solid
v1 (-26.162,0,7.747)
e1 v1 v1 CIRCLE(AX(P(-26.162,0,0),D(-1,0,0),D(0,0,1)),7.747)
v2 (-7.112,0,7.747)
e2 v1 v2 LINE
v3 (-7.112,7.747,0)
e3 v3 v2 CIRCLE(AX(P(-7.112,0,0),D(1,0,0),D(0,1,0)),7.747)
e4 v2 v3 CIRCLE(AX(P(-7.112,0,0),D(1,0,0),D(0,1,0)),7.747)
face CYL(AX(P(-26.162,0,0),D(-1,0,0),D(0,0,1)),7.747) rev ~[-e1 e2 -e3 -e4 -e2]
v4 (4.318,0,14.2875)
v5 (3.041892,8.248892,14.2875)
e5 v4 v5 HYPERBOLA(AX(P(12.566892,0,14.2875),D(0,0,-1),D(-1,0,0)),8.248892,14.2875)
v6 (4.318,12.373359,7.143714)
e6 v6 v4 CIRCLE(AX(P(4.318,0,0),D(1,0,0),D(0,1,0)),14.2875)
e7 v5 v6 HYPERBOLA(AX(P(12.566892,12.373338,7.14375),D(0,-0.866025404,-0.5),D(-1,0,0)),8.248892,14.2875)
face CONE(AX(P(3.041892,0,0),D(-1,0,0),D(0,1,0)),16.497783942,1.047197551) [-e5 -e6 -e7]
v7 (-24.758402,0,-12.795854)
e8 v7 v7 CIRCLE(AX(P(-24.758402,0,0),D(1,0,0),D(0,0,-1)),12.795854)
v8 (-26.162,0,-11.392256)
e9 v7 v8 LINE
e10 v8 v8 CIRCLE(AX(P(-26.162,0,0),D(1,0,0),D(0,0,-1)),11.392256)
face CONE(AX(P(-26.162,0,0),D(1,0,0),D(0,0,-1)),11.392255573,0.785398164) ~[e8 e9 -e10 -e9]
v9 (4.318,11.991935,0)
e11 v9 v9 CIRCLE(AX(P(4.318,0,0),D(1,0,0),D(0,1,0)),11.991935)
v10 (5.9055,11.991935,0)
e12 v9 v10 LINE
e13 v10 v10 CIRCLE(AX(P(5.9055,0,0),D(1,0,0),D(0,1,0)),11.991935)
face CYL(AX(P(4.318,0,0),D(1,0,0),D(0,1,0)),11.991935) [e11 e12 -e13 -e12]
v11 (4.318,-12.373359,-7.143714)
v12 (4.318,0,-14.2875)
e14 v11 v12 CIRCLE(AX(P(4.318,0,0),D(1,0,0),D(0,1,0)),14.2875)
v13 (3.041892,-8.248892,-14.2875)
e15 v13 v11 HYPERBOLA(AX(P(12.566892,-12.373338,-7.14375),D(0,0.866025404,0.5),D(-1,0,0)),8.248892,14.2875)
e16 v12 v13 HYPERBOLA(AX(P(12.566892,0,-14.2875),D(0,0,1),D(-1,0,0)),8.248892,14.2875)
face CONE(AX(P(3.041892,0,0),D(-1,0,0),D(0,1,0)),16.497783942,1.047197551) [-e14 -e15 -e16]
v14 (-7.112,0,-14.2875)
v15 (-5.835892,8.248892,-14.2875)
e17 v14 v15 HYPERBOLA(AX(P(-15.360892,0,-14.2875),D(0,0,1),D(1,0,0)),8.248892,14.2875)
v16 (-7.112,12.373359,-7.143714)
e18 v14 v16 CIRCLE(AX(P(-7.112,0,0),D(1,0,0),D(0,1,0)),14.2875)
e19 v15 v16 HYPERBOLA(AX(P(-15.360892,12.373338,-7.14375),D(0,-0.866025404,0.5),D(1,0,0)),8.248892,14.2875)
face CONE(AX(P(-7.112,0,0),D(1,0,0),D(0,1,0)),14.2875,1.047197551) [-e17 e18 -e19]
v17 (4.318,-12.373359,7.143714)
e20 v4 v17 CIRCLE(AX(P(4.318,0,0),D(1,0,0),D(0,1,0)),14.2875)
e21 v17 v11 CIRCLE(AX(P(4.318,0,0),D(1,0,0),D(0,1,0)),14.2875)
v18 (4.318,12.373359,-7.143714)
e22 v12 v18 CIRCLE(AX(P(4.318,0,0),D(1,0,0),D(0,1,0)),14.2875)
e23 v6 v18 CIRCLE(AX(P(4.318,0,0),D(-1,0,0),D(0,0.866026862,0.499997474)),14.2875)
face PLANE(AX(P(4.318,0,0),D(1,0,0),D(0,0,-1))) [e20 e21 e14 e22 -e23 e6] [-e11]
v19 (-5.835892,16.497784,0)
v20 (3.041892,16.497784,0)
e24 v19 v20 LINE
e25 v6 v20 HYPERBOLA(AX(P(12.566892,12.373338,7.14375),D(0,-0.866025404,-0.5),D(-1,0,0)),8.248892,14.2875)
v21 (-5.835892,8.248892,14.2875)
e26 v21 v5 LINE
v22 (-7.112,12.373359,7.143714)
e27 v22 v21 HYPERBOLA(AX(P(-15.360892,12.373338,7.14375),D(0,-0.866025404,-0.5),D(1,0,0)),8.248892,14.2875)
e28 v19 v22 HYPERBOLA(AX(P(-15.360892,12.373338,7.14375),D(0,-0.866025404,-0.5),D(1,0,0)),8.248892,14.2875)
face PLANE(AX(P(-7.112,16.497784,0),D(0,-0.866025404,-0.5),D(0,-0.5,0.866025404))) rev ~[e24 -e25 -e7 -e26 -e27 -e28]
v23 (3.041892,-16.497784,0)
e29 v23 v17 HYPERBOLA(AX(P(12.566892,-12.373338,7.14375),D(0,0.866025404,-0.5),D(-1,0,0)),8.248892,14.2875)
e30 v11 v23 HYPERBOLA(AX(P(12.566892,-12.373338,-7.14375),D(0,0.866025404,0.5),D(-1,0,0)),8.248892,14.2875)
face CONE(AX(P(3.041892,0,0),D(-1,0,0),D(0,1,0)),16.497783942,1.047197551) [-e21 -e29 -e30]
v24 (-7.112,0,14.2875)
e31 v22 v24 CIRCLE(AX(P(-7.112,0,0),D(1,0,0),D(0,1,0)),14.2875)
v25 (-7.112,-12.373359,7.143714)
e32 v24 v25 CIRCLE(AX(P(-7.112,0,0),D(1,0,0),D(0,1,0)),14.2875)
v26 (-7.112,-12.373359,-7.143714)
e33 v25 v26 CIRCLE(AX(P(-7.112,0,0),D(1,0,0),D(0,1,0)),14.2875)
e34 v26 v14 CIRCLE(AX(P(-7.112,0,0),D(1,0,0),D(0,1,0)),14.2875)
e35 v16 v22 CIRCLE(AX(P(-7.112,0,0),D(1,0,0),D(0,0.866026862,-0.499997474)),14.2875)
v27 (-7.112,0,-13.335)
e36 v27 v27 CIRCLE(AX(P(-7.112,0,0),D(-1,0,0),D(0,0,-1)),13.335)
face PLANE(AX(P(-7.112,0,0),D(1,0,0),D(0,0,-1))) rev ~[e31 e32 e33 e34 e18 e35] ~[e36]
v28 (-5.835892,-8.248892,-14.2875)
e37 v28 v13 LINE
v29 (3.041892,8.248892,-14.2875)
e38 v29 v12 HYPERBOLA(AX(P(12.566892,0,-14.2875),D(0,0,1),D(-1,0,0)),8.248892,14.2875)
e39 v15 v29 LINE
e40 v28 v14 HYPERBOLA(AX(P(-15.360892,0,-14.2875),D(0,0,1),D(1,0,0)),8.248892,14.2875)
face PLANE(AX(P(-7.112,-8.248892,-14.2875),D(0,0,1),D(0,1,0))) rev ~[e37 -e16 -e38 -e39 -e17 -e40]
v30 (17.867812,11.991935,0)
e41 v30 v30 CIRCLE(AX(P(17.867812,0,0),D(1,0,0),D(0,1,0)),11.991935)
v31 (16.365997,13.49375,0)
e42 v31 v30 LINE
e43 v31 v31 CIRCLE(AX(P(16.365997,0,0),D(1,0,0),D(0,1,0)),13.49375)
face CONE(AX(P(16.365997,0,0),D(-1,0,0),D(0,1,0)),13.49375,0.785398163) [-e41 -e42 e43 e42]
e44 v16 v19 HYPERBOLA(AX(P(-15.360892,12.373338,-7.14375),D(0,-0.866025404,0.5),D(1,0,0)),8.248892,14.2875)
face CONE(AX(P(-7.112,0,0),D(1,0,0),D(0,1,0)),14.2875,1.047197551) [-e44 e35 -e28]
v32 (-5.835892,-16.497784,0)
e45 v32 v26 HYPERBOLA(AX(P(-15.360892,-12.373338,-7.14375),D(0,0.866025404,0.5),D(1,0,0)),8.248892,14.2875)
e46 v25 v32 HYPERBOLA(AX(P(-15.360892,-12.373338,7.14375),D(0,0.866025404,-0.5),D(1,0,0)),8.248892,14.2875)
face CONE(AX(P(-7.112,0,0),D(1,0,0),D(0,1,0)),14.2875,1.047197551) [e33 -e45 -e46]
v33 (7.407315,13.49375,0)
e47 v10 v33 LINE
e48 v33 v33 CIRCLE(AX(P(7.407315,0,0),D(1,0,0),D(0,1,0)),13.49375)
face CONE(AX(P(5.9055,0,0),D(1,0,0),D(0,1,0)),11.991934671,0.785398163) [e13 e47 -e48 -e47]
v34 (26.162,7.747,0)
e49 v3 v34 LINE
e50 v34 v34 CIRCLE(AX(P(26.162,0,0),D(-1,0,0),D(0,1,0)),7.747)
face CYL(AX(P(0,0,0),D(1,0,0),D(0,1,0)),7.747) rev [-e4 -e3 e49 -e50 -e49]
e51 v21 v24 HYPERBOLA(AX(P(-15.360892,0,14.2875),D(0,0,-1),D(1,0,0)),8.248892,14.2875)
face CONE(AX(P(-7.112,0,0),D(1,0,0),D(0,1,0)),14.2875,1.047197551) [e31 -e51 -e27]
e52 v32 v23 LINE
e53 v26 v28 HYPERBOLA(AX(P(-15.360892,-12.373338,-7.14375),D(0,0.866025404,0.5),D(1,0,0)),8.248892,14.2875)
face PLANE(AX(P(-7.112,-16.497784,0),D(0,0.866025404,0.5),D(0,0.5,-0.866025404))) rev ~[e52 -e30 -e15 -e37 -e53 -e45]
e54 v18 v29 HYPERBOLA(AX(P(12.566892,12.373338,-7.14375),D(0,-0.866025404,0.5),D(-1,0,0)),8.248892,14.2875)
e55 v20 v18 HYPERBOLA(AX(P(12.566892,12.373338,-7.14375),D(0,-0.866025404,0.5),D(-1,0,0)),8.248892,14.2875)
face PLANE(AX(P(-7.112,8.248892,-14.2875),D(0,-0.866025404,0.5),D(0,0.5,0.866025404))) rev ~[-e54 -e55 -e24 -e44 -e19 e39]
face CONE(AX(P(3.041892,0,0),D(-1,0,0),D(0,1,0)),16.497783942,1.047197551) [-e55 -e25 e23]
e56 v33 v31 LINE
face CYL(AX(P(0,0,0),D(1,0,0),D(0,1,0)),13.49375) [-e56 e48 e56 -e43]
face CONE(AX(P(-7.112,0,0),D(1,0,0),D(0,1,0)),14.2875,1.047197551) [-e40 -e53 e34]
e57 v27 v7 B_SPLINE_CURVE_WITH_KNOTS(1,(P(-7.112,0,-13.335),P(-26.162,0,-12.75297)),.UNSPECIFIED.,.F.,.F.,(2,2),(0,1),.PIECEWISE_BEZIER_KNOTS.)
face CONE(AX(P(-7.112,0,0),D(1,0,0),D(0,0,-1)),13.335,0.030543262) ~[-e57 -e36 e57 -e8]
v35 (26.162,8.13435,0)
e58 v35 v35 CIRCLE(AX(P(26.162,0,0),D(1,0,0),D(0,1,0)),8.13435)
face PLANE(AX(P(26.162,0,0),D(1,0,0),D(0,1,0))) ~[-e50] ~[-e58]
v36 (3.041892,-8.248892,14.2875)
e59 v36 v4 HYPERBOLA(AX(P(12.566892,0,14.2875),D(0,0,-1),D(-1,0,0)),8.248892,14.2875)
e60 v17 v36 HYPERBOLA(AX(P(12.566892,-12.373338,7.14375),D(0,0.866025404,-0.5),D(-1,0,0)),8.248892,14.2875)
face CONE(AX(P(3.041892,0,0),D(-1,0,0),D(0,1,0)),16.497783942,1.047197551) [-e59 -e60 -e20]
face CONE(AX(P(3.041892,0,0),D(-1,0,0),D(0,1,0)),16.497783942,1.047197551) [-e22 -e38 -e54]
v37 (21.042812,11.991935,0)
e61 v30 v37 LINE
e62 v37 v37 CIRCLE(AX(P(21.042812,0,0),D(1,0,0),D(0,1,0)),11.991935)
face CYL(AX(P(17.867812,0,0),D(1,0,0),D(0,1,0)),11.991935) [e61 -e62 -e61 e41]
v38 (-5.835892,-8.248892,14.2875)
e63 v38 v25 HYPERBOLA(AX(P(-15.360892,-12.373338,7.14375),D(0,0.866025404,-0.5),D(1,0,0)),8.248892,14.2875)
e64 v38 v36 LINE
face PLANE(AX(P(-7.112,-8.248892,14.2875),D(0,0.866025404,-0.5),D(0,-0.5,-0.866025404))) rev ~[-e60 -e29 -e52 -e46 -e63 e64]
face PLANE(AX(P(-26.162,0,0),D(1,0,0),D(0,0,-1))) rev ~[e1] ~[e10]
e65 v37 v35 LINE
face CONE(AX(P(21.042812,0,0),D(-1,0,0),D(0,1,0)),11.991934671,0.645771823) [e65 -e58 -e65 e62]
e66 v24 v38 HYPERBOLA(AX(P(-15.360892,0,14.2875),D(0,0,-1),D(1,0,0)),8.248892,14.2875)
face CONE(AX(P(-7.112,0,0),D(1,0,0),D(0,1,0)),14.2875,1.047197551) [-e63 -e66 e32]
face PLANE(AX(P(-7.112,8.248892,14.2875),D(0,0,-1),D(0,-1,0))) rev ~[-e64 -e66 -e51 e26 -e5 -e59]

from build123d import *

# Parameters (mm, degrees)
SKETCH6_W           = 52.324
SKETCH6_H           = 13.49375
EXTRUDE1_DEPTH      = 11.43
SKETCH7_W           = 52.324
SKETCH7_H           = 7.747
SKETCH17_R          = 13.49375
CUT_EXTRUDE1_DEPTH  = 19.05
SKETCH19_R          = 13.335
BOSS_EXTRUDE1_DEPTH = 19.05
BOSS_EXTRUDE1_TAPER = 1.75
CHAMFER1_SIZE2      = 1.360714286
CHAMFER1_SIZE       = 1.404253042
SKETCH22_R          = 13.335
BOSS_EXTRUDE3_DEPTH = 19.05
BOSS_EXTRUDE3_TAPER = 15
SKETCH23_R          = 7.747
CUT_EXTRUDE2_DEPTH  = 19.05


with BuildPart() as part:
    # Sketch6 → Revolve3 (revolve)
    with BuildSketch(Plane.XY):
        with Locations((0, 6.746875)):
            Rectangle(SKETCH6_W, SKETCH6_H)
    revolve(axis=Axis((-26.162, 0, 0), (1, 0, 0)))

    # Sketch12 → Extrude1 (add)
    with BuildSketch(Plane(origin=(-7.112, 0, 0), x_dir=(0, 0, -1), z_dir=(1, 0, 0))):
        Polygon((0, 16.497783942), (-14.2875, 8.248891971), (-14.2875, -8.248891971), (0, -16.497783942), (14.2875, -8.248891971), (14.2875, 8.248891971), align=None)
    extrude(amount=EXTRUDE1_DEPTH)

    # Sketch10 → Cut-Revolve6 (revolve, cut)
    with BuildSketch(Plane.XY):
        Polygon((7.407315329, 13.49375), (4.318, 13.49375), (4.318, 11.991934671), (5.9055, 11.991934671), align=None)
        Polygon((26.162, 13.49375), (16.365996909, 13.49375), (17.867812238, 11.991934671), (21.042812238, 11.991934671), (26.162, 8.13435), align=None)
    revolve(axis=Axis((-26.162, 0, 0), (1, 0, 0)), mode=Mode.SUBTRACT)

    # Sketch7 → Cut-Revolve5 (revolve, cut)
    with BuildSketch(Plane.XY):
        with Locations((0, 3.8735)):
            Rectangle(SKETCH7_W, SKETCH7_H)
    revolve(axis=Axis((26.162, 0, 0), (-1, 0, 0)), mode=Mode.SUBTRACT)

    # Sketch13 → Cut-Revolve7 (revolve, cut)
    with BuildSketch(Plane.XY):
        Polygon((-7.112, 16.497783942), (-7.112, 14.2875), (-5.835891971, 16.497783942), align=None)
        Polygon((3.041891971, 16.497783942), (4.318, 14.2875), (4.318, 16.497783942), align=None)
    revolve(axis=Axis((-26.162, 0, 0), (1, 0, 0)), mode=Mode.SUBTRACT)

    # Sketch17 → Cut-Extrude1 (cut)
    with BuildSketch(Plane.ZY.offset(26.162)):
        Circle(SKETCH17_R)
    extrude(amount=-CUT_EXTRUDE1_DEPTH, mode=Mode.SUBTRACT)


with BuildPart() as body_2:
    # Sketch19 → Boss-Extrude1 (new body)
    with BuildSketch(Plane(origin=(-7.112, 0, 0), x_dir=(0, 0, -1), z_dir=(1, 0, 0))):
        Circle(SKETCH19_R)
    extrude(amount=-BOSS_EXTRUDE1_DEPTH, taper=BOSS_EXTRUDE1_TAPER)

    # Chamfer1
    chamfer1_edges = [body_2.edges().sort_by_distance(p)[0] for p in [
        (-26.162, 0, 12.752969859),
    ]]
    chamfer(chamfer1_edges, length=CHAMFER1_SIZE, length2=CHAMFER1_SIZE2)

    # Sketch22 → Boss-Extrude3 (add)
    with BuildSketch(Plane(origin=(-7.112, 0, 0), x_dir=(0, 0, -1), z_dir=(1, 0, 0))):
        Circle(SKETCH22_R)
    extrude(amount=-BOSS_EXTRUDE3_DEPTH, taper=BOSS_EXTRUDE3_TAPER)

    # Combine1: union part
    add(part.part)

    # Sketch23 → Cut-Extrude2 (cut)
    with BuildSketch(Plane.ZY.offset(26.162)):
        Circle(SKETCH23_R)
    extrude(amount=-CUT_EXTRUDE2_DEPTH, mode=Mode.SUBTRACT)


solid = body_2.part
